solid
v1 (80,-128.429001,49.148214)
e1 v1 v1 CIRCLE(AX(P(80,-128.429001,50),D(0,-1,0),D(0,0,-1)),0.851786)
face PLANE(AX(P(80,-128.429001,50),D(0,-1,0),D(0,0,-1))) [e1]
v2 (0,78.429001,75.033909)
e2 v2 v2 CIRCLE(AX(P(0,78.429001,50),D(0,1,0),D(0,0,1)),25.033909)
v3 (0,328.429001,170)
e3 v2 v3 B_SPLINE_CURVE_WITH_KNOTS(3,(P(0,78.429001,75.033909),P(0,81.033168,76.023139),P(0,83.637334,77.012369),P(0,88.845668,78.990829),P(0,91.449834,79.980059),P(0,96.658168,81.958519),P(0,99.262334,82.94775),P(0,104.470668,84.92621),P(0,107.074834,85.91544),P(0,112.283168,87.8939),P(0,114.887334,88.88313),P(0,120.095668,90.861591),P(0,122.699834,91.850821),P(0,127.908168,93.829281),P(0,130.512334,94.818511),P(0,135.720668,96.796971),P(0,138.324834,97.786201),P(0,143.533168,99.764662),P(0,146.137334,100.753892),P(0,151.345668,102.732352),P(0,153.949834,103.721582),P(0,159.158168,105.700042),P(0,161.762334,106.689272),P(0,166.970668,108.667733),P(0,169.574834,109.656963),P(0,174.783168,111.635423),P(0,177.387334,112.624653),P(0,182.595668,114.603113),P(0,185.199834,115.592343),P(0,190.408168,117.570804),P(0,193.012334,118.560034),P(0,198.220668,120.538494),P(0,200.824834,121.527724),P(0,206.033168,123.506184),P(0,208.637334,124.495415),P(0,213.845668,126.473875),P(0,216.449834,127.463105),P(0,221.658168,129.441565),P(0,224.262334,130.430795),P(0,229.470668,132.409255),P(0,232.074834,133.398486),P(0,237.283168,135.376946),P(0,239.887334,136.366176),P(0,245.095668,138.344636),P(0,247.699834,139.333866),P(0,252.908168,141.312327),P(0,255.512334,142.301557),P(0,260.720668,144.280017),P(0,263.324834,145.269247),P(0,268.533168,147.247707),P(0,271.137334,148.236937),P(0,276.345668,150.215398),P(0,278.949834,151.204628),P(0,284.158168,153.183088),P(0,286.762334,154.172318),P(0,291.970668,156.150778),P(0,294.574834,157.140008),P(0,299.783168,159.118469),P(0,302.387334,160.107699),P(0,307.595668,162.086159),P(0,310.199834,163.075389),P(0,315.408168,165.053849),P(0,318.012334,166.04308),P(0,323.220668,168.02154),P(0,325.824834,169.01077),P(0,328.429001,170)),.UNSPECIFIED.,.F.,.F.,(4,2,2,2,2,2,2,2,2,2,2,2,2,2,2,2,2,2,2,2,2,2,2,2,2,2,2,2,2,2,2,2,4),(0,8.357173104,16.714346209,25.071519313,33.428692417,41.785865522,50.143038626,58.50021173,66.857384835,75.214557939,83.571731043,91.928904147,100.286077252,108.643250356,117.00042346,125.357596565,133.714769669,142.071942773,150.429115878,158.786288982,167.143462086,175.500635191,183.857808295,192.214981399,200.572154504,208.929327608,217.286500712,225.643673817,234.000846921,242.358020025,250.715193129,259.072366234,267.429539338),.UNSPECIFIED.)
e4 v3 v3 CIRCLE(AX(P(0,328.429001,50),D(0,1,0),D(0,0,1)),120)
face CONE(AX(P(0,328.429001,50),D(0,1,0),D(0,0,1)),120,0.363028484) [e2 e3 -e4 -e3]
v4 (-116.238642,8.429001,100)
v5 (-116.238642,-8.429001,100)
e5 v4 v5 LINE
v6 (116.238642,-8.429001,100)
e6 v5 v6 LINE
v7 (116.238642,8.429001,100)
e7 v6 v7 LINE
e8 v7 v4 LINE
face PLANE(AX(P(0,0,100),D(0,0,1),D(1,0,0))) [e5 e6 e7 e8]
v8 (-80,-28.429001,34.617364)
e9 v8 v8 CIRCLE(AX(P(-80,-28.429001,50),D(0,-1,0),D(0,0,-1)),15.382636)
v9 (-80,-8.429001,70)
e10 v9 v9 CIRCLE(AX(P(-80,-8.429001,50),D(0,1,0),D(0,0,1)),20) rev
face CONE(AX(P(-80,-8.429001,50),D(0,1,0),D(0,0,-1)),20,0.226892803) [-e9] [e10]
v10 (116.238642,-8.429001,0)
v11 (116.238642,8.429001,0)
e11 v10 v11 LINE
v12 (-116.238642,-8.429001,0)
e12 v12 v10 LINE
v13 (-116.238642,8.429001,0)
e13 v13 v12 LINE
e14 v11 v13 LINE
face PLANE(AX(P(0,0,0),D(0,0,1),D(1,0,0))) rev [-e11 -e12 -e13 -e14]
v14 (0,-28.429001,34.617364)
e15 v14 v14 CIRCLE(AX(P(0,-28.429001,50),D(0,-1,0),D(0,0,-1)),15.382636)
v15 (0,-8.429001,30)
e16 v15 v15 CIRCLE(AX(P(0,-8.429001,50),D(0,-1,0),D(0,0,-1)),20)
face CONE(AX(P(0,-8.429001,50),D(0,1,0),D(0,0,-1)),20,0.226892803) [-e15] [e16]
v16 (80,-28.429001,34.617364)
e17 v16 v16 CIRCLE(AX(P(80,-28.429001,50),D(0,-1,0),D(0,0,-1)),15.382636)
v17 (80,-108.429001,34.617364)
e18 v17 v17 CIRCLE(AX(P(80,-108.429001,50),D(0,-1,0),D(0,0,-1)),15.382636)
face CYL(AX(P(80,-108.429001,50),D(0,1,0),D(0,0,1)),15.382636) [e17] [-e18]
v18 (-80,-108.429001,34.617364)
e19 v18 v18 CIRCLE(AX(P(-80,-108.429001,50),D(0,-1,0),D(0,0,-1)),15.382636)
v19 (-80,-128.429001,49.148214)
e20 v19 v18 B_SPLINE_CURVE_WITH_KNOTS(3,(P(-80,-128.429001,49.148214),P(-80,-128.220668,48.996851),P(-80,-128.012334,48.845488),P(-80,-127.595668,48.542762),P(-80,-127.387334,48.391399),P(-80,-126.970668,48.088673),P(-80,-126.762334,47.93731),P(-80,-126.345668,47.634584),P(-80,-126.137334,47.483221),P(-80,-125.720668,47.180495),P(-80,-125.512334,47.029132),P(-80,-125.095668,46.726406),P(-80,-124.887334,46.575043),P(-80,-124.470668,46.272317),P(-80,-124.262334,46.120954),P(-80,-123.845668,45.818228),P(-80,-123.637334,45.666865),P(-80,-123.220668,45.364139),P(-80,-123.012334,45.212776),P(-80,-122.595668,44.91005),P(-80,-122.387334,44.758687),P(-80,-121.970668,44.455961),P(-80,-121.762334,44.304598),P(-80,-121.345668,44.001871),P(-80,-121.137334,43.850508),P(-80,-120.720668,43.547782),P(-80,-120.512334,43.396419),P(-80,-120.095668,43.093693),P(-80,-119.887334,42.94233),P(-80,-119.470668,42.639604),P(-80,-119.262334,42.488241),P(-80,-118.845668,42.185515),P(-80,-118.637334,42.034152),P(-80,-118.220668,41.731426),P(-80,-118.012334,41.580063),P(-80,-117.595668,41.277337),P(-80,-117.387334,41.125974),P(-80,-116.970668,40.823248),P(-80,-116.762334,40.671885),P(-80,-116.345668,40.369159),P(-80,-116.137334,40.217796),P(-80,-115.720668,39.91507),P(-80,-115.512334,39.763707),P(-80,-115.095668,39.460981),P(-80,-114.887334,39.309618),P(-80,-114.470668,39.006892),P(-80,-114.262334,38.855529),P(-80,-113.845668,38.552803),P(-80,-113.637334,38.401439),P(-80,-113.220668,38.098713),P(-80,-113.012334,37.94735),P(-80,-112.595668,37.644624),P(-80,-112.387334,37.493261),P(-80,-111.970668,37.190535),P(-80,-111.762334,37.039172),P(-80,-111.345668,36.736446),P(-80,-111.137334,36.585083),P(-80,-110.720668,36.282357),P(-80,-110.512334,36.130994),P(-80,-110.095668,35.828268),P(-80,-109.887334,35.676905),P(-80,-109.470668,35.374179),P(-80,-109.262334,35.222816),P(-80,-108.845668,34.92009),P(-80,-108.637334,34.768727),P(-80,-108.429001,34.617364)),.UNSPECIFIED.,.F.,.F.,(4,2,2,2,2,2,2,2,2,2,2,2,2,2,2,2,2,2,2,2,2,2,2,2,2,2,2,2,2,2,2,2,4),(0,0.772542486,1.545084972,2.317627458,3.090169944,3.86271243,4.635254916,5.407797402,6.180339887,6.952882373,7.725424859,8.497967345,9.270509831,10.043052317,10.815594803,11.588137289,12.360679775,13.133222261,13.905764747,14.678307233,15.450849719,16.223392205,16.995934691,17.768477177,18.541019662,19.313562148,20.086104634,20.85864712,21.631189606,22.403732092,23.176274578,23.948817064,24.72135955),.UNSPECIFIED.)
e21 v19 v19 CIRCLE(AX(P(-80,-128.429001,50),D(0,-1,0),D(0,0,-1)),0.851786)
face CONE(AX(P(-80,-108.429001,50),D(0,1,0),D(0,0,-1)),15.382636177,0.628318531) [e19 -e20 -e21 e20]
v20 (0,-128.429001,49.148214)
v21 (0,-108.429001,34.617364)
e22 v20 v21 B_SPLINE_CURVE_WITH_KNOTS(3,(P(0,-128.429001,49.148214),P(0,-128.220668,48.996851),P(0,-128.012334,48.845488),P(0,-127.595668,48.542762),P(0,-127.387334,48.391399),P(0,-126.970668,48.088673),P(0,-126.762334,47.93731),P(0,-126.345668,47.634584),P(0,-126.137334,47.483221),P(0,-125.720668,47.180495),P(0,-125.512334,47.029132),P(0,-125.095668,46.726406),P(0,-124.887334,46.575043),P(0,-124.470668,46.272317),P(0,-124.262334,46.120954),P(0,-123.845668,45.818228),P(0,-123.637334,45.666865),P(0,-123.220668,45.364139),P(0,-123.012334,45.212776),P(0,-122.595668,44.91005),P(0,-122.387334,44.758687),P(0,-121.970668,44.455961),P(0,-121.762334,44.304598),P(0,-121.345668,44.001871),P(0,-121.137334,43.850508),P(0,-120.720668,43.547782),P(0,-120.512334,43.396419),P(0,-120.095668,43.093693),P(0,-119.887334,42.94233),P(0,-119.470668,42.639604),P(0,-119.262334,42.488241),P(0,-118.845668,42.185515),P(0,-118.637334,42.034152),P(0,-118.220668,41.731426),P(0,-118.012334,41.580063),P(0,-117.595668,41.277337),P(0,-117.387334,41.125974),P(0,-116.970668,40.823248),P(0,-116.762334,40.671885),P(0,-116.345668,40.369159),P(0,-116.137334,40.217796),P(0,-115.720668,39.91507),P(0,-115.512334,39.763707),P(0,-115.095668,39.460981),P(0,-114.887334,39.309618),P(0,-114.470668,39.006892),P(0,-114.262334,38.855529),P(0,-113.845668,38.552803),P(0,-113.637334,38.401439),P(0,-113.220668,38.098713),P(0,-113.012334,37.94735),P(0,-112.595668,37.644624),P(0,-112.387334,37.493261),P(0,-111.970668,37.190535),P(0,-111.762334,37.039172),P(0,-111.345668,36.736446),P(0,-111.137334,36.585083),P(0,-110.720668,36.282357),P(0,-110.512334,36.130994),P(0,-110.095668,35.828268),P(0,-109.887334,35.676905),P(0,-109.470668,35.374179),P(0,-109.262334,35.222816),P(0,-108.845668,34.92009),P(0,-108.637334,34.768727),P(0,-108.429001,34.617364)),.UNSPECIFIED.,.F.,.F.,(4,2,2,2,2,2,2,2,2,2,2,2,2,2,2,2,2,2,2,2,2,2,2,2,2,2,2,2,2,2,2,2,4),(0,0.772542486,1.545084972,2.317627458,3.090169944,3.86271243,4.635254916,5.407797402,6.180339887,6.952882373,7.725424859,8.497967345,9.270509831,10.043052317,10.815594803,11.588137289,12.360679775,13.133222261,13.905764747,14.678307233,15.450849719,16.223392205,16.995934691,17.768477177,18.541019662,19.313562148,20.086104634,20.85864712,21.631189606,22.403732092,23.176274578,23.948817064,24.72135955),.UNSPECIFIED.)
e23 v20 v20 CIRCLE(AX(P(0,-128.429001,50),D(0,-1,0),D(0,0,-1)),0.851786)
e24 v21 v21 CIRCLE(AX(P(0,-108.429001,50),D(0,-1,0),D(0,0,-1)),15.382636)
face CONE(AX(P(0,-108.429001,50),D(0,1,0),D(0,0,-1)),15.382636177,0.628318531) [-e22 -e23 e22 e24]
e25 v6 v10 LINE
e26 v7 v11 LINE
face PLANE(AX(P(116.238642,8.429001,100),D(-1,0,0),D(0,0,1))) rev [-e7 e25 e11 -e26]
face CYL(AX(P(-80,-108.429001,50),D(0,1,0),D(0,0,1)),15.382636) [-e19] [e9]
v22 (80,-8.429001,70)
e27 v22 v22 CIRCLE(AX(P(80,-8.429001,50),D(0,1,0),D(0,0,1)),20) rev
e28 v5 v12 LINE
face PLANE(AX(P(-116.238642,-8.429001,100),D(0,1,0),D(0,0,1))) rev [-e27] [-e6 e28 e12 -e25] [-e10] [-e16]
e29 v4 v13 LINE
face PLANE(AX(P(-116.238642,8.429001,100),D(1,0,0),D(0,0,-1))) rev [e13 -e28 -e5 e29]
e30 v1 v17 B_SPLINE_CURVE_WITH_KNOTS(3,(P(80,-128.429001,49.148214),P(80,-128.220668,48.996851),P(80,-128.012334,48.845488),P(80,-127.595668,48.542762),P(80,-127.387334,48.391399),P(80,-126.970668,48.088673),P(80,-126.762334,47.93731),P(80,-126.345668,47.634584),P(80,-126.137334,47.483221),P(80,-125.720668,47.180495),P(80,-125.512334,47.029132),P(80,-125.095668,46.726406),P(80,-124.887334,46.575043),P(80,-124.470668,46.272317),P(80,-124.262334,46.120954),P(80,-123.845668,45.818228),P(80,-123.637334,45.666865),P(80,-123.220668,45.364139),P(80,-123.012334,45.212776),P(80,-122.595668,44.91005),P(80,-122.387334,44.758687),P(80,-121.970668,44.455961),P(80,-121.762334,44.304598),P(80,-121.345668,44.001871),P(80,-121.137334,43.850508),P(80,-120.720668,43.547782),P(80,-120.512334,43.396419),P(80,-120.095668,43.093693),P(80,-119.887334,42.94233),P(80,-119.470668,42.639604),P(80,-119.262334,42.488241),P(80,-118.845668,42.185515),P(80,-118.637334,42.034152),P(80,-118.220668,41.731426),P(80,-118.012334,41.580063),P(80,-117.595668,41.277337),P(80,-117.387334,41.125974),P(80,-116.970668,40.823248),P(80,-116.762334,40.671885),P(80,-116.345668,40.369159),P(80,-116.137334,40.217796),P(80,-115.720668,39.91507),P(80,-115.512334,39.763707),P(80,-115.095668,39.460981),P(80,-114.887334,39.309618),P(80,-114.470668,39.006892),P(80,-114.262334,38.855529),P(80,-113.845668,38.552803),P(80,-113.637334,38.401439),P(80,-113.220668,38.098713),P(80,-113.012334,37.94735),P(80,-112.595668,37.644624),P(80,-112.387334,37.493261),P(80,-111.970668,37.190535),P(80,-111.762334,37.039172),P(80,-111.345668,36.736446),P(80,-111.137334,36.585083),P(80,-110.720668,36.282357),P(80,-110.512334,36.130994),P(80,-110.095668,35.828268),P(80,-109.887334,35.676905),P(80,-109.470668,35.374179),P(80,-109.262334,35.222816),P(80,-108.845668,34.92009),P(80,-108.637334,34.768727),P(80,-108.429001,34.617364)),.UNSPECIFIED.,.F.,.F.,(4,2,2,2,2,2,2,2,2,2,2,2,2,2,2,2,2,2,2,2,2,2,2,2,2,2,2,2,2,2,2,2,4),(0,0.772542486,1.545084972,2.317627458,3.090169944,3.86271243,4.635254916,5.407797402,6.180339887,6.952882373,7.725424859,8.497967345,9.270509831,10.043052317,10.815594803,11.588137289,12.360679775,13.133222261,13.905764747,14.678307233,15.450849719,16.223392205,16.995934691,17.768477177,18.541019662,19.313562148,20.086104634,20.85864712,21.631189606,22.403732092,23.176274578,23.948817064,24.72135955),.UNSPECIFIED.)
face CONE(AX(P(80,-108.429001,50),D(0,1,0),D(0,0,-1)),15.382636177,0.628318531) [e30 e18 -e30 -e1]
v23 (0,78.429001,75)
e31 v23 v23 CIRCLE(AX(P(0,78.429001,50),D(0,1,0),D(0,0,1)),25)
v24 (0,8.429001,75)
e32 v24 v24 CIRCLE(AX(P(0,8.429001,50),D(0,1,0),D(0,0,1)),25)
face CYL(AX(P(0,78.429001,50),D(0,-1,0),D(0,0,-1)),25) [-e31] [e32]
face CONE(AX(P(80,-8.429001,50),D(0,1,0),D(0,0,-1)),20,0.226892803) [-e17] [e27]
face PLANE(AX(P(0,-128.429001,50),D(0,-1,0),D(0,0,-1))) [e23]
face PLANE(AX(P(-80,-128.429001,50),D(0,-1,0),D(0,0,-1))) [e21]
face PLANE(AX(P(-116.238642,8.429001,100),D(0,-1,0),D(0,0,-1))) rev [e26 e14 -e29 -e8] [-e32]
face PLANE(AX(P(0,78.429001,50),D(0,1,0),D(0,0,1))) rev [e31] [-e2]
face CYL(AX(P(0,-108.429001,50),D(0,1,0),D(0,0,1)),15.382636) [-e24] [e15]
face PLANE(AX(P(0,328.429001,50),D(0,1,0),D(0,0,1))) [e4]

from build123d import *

# Parameters (mm, degrees)
SKETCH1_W           = 232.477284974
SKETCH1_H           = 16.858001952
BOSS_EXTRUDE1_DEPTH = 100
SKETCH2_R           = 25
BOSS_EXTRUDE2_DEPTH = 70
SKETCH5_R           = 20
BOSS_EXTRUDE3_DEPTH = 20
BOSS_EXTRUDE3_TAPER = 13
SKETCH6_R           = 15.382636177
BOSS_EXTRUDE4_DEPTH = 80
SKETCH7_R           = 15.382636177
BOSS_EXTRUDE5_DEPTH = 20
BOSS_EXTRUDE5_TAPER = 36
LPATTERN1_COUNT     = 2
LPATTERN1_PITCH     = 80
LPATTERN2_COUNT     = 2
LPATTERN2_PITCH     = 80
SKETCH9_R           = 120
BOSS_EXTRUDE6_DEPTH = 250
BOSS_EXTRUDE6_DRAFT = -20.8


with BuildPart() as part:
    # Sketch1 → Boss-Extrude1 (new body)
    with BuildSketch(Plane.XY):
        Rectangle(SKETCH1_W, SKETCH1_H)
    extrude(amount=BOSS_EXTRUDE1_DEPTH)

    # Sketch2 → Boss-Extrude2 (add)
    with BuildSketch(Plane(origin=(0, 8.429000976, 0), x_dir=(1, 0, 0), z_dir=(0, 1, 0))):
        with Locations(Location((0, -50, 0), (0, 0, 270))):
            Circle(SKETCH2_R)
    extrude(amount=BOSS_EXTRUDE2_DEPTH)

    # Sketch5 → Boss-Extrude3 (add)
    with BuildSketch(Plane.XZ.offset(8.429000976)):
        with Locations((0, 50)):
            Circle(SKETCH5_R)
    boss_extrude3 = extrude(amount=BOSS_EXTRUDE3_DEPTH, taper=BOSS_EXTRUDE3_TAPER)

    # Sketch6 → Boss-Extrude4 (add)
    with BuildSketch(Plane.XZ.offset(28.429000976)):
        with Locations(Location((0, 50, 0), (0, 0, 270))):
            Circle(SKETCH6_R)
    boss_extrude4 = extrude(amount=BOSS_EXTRUDE4_DEPTH)

    # Sketch7 → Boss-Extrude5 (add)
    with BuildSketch(Plane.XZ.offset(108.429000976)):
        with Locations(Location((0, 50, 0), (0, 0, 270))):
            Circle(SKETCH7_R)
    boss_extrude5 = extrude(amount=BOSS_EXTRUDE5_DEPTH, taper=BOSS_EXTRUDE5_TAPER)

    # LPattern1: Boss-Extrude3, Boss-Extrude4, Boss-Extrude5 ×2
    with Locations(*[(i * LPATTERN1_PITCH, 0, 0) for i in range(1, LPATTERN1_COUNT)]):
        add(boss_extrude3)
        add(boss_extrude4)
        add(boss_extrude5)

    # LPattern2: Boss-Extrude3, Boss-Extrude4, Boss-Extrude5 ×2
    with Locations(*[(-i * LPATTERN2_PITCH, 0, 0) for i in range(1, LPATTERN2_COUNT)]):
        add(boss_extrude3)
        add(boss_extrude4)
        add(boss_extrude5)


with BuildPart() as boss_extrude6_tool:
    # Sketch9 → Boss-Extrude6 (with draft: the straight prism first)
    with BuildSketch(Plane(origin=(0, 328.429000976, 0), x_dir=(1, 0, 0), z_dir=(0, 1, 0))):
        with Locations((0, -50)):
            Circle(SKETCH9_R)
    extrude(amount=-BOSS_EXTRUDE6_DEPTH)
    # Boss-Extrude6: the draft: its side faces are tilted about the plane it starts from
    boss_extrude6_sides = [boss_extrude6_tool.faces().sort_by_distance(p)[0] for p in [
        (-120, 203.429000976, 50),
    ]]
    draft(boss_extrude6_sides, Plane(origin=(0, 328.429000976, 0), x_dir=(1, 0, 0), z_dir=(0, 1, 0)), BOSS_EXTRUDE6_DRAFT)


with BuildPart() as part_1:
    add(part.part)

    # Boss-Extrude6: add boss_extrude6_tool
    add(boss_extrude6_tool.part)


solid = part_1.part
